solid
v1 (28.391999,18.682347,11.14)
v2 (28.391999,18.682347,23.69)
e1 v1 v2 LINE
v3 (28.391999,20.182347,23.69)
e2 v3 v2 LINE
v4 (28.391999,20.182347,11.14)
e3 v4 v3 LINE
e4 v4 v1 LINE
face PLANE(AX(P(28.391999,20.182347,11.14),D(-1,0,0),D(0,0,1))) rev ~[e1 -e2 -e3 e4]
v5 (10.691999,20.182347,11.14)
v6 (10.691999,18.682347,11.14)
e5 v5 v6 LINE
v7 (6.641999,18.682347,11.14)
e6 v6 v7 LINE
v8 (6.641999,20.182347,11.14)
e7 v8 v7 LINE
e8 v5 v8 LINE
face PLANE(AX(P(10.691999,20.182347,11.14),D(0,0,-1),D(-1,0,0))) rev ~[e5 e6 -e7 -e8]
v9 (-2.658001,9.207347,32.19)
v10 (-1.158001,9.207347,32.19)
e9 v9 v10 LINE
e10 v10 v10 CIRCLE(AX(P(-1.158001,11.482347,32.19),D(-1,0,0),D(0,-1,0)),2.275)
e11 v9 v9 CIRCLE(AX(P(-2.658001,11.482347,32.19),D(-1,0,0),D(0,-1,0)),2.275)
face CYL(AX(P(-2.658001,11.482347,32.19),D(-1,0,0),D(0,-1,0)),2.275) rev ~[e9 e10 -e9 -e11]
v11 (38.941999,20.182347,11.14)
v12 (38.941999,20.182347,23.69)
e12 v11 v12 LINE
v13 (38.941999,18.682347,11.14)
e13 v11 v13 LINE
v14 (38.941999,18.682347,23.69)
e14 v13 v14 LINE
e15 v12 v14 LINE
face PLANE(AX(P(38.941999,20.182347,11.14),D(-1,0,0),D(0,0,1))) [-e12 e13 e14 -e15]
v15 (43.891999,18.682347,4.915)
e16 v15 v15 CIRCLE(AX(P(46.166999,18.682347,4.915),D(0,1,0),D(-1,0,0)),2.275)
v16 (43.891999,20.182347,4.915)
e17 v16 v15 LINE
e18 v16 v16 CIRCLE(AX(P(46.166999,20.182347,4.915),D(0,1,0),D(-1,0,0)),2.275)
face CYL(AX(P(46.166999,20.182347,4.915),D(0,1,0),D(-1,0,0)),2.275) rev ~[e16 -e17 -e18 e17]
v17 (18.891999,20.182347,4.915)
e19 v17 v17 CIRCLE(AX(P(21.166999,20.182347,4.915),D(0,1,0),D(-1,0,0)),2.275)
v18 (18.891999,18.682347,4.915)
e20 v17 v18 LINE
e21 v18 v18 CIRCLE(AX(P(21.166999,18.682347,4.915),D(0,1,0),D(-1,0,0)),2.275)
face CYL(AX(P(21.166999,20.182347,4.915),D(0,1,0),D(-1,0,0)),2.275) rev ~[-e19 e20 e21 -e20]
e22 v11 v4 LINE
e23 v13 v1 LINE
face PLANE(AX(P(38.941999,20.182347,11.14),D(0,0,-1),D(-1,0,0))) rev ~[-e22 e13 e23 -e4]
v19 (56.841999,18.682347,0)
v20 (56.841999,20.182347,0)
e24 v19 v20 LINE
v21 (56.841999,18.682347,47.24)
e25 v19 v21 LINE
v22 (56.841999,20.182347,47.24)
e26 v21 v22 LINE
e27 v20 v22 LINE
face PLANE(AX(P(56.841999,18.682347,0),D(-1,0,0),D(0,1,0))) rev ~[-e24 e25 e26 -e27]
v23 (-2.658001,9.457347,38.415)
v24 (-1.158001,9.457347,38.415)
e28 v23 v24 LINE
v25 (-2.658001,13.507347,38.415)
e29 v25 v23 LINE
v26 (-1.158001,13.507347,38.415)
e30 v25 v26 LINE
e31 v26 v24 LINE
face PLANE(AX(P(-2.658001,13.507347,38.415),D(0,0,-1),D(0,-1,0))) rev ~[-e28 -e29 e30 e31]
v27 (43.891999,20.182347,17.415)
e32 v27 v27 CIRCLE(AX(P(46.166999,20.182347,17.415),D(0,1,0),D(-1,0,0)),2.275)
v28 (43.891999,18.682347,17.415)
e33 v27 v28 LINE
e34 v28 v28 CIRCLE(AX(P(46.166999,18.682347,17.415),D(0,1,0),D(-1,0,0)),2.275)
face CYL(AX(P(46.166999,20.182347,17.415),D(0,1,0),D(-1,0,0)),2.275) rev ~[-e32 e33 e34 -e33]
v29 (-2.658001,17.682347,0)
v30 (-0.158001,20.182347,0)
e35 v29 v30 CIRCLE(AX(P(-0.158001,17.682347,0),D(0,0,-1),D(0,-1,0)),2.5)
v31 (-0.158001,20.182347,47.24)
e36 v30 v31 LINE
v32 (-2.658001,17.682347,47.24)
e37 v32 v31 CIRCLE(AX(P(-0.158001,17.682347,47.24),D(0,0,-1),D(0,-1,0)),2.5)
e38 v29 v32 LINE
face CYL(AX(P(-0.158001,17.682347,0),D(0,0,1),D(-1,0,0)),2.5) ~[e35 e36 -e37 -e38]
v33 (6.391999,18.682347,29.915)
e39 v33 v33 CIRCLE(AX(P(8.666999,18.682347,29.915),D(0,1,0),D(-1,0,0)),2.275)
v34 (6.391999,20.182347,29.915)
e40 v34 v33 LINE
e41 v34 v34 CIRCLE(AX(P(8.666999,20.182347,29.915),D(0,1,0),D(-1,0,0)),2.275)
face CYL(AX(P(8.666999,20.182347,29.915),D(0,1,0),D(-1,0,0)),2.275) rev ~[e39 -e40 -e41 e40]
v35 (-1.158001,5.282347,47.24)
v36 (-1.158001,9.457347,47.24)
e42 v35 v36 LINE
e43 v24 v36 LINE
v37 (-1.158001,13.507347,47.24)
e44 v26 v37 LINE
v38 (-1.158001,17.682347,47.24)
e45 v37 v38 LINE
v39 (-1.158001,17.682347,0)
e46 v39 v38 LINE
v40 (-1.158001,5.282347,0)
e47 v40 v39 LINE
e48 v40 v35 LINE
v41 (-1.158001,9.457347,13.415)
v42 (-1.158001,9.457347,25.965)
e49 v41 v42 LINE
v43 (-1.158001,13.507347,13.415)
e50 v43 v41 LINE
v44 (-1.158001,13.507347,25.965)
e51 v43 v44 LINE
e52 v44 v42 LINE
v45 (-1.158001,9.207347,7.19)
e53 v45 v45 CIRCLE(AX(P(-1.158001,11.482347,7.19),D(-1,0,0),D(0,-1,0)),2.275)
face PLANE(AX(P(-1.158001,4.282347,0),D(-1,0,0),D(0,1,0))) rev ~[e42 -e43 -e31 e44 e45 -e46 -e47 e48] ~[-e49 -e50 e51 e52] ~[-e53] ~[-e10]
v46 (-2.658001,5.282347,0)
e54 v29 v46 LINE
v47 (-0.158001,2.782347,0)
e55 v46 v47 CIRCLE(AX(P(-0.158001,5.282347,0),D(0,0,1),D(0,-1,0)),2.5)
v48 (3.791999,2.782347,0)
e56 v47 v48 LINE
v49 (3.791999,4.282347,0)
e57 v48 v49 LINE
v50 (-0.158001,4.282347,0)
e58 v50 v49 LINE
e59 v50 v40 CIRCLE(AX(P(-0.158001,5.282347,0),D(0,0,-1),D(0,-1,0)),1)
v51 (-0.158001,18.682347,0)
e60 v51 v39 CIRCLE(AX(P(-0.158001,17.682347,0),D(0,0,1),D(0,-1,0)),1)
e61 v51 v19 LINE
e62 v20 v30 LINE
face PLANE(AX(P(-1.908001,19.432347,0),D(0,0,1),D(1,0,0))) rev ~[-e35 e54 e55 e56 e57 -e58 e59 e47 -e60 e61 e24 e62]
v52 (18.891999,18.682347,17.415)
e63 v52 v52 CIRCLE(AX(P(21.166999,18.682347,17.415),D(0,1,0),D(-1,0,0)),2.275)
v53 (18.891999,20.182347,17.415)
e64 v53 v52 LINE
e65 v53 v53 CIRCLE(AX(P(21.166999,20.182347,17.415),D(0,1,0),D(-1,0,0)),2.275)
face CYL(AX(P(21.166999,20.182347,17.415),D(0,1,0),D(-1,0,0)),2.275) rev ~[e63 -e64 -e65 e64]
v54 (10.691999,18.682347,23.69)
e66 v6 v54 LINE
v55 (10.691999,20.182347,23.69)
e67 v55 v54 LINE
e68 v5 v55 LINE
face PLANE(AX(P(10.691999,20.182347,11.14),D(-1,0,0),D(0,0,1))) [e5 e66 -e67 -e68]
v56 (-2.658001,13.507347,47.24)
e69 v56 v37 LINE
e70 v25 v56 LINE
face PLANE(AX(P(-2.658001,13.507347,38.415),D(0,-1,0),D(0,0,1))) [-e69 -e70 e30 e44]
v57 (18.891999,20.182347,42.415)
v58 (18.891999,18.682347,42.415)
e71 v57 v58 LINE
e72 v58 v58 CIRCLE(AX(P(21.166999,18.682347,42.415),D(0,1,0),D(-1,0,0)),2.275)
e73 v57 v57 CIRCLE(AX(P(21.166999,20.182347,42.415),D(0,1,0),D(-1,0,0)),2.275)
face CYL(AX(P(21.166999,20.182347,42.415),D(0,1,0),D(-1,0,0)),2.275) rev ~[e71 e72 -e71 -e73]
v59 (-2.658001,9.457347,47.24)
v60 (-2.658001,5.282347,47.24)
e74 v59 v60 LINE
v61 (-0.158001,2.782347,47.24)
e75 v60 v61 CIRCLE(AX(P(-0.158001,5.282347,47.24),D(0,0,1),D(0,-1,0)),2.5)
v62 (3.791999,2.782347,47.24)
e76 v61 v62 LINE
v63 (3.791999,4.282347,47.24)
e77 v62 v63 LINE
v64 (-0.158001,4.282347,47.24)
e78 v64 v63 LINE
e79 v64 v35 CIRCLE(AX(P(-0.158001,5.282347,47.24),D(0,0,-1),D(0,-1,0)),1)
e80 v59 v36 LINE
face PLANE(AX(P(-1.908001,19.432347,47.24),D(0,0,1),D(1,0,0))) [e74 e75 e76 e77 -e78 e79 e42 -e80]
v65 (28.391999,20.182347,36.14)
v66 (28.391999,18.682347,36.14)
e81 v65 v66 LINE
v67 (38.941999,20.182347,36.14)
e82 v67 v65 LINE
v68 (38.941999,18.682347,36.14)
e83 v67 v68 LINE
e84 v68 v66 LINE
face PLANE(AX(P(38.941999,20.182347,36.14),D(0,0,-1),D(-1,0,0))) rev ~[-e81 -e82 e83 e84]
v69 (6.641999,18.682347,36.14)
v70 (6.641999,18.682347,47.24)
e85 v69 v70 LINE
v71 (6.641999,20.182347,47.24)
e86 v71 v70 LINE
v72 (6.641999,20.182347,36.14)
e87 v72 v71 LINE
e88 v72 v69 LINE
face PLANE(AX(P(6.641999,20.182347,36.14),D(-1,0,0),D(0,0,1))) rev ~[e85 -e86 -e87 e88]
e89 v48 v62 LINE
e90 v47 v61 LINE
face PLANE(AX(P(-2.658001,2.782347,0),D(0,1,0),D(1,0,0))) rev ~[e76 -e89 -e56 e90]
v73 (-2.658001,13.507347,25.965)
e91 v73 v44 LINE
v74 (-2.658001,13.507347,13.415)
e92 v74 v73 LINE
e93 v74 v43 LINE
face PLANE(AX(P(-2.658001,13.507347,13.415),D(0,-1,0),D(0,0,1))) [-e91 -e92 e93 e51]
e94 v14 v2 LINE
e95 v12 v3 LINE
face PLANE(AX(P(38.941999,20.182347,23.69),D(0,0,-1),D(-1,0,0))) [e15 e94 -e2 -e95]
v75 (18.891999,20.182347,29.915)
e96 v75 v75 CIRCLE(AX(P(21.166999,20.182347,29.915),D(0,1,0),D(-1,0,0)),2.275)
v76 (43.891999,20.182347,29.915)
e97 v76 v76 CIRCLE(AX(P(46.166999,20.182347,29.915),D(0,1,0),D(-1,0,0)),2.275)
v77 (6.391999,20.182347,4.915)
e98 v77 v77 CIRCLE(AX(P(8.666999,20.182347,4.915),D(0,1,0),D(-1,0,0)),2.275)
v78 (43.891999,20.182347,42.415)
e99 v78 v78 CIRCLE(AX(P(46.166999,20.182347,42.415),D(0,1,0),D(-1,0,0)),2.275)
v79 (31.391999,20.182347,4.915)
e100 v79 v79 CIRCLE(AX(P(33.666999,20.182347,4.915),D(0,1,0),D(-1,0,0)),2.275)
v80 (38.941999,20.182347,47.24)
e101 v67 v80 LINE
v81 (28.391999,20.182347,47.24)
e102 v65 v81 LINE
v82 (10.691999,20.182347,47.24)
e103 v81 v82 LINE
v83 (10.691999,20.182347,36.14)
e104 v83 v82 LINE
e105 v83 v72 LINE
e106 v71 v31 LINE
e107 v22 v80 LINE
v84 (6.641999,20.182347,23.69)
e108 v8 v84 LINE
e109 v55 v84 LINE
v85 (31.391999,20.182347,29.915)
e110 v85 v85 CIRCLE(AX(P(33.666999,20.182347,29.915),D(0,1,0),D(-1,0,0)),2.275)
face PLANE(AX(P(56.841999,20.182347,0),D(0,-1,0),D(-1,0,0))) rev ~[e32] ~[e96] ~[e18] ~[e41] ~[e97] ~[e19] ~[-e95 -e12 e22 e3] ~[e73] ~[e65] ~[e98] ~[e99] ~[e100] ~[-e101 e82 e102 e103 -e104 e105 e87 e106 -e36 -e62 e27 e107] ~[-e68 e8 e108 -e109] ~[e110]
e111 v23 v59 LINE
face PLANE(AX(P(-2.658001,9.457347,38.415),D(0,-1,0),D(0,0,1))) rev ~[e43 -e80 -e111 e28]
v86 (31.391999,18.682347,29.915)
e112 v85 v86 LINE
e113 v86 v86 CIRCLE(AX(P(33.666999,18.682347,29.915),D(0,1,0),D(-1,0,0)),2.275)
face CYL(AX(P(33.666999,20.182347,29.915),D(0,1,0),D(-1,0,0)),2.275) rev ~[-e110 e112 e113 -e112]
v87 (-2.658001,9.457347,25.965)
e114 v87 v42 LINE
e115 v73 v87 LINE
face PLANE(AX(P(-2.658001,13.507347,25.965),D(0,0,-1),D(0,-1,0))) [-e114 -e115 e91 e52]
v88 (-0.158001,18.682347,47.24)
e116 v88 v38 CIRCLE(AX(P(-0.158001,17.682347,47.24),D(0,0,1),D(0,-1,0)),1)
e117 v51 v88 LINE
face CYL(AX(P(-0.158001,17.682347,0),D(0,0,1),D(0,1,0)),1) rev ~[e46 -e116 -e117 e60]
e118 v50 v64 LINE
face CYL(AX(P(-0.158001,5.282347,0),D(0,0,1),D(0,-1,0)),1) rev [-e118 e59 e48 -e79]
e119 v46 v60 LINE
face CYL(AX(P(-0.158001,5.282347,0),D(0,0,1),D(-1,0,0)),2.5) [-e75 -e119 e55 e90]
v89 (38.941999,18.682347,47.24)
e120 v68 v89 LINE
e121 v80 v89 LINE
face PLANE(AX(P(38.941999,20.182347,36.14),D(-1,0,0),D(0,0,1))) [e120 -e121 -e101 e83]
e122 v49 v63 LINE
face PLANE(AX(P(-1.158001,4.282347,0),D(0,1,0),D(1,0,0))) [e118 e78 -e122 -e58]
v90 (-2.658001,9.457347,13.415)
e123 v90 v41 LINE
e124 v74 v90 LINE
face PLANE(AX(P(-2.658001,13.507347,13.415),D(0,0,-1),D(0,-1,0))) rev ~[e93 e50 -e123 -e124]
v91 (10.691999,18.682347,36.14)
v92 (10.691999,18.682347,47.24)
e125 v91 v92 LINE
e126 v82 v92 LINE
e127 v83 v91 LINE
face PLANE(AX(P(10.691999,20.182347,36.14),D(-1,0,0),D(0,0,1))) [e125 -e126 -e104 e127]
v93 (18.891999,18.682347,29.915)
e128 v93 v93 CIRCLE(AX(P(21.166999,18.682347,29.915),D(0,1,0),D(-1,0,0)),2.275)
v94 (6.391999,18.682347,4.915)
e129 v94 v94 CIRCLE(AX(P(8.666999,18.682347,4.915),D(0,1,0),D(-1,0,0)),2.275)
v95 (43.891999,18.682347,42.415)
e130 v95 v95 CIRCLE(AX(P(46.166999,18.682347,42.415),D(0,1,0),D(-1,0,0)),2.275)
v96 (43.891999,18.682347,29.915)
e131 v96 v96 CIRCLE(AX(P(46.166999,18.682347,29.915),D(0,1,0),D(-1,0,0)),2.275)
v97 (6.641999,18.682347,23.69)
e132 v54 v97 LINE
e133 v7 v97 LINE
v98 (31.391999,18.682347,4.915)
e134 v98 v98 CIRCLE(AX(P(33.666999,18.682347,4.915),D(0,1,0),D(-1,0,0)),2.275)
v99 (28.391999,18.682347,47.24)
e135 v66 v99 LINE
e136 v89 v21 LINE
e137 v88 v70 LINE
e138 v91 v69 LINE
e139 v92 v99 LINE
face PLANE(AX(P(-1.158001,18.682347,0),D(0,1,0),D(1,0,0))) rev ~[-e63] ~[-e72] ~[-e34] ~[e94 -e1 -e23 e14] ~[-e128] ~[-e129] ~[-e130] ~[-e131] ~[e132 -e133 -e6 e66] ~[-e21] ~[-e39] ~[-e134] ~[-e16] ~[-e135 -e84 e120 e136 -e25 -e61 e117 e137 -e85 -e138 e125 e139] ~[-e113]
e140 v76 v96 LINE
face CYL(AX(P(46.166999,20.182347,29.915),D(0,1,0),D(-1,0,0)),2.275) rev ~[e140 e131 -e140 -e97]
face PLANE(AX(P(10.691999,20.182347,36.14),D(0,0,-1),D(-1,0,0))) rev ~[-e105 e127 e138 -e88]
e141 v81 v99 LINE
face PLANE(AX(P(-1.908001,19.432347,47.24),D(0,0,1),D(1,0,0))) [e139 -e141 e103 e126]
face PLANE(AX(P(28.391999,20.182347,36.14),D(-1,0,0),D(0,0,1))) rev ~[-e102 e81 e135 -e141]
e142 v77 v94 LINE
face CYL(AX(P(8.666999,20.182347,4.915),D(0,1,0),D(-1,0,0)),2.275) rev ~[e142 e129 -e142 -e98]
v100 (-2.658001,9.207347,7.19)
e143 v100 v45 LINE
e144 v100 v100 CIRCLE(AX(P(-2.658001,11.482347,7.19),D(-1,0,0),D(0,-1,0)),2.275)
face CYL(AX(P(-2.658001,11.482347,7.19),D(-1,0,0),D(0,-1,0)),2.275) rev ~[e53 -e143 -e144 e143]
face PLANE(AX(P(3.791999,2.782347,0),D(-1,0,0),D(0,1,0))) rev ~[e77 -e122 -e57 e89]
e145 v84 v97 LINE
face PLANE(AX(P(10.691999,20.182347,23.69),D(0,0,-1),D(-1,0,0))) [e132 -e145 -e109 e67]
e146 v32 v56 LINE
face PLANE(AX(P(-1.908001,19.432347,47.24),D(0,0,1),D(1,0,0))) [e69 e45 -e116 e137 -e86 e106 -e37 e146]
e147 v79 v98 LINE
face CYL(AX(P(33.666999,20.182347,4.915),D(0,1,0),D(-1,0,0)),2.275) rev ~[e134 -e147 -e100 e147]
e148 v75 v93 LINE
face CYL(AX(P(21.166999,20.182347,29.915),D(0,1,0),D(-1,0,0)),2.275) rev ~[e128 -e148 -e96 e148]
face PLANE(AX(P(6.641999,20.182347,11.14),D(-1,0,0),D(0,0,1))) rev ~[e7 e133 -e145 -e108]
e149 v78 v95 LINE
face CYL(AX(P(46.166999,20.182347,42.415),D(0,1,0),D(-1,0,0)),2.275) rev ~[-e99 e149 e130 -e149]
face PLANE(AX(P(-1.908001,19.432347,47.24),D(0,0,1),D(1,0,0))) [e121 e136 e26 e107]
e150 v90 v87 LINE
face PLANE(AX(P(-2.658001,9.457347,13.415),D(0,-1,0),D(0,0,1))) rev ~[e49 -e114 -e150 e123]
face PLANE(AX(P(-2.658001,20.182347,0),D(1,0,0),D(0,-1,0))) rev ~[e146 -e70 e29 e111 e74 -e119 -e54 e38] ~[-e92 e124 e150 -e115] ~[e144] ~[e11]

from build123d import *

# Parameters (mm, degrees)
F0_W     = 1.5
F0_H     = 1.5
F0_W_2   = 58
F0_H_2   = 14.4
F0_W_3   = 4.95
F1_DEPTH = 47.24
F2_R     = 2.5
F3_R     = 1
F4_R     = 2.275
F4_W     = 10.55
F4_H     = 12.55
F4_W_2   = 4.05
F5_DEPTH = 17.401
F6_W     = 4.05
F6_H     = 8.825
F6_R     = 2.275
F6_H_2   = 12.55
F7_DEPTH = 25


with BuildPart() as f1:
    # F0 (on Top) → F1 (new body)
    with BuildSketch(Plane.XY):
        with Locations((-1.908001, 19.432347)):
            Rectangle(F0_W, F0_H)
        with Locations((27.841999, 19.432347)):
            Rectangle(F0_W_2, F0_H)
        with Locations((-1.908001, 11.482347)):
            Rectangle(F0_W, F0_H_2)
        with Locations((-1.908001, 3.532347)):
            Rectangle(F0_W, F0_H)
        with Locations((1.316999, 3.532347)):
            Rectangle(F0_W_3, F0_H)
    extrude(amount=F1_DEPTH)

    # F2
    f2_edges = [f1.edges().sort_by_distance(p)[0] for p in [
        (-2.658001, 20.182347, 23.62),
        (-2.658001, 2.782347, 23.62),
    ]]
    fillet(f2_edges, radius=F2_R)

    # F3
    f3_edges = [f1.edges().sort_by_distance(p)[0] for p in [
        (-1.158001, 4.282347, 23.62),
        (-1.158001, 18.682347, 23.62),
    ]]
    fillet(f3_edges, radius=F3_R)

    # F4 (on face) → F5 (cut, through all)
    with BuildSketch(Plane(origin=(0, 20.182347, 0), x_dir=(-1, 0, 0), z_dir=(0, 1, 0))):
        with Locations((-46.166999, 42.415)):
            Circle(F4_R)
        with Locations((-21.166999, 42.415)):
            Circle(F4_R)
        with Locations((-21.166999, 29.915)):
            Circle(F4_R)
        with Locations((-46.166999, 29.915)):
            Circle(F4_R)
        with Locations((-21.166999, 17.415)):
            Circle(F4_R)
        with Locations((-46.166999, 17.415)):
            Circle(F4_R)
        with Locations((-21.166999, 4.915)):
            Circle(F4_R)
        with Locations((-46.166999, 4.915)):
            Circle(F4_R)
        with Locations((-33.666999, 29.915)):
            Circle(F4_R)
        with Locations((-33.666999, 4.915)):
            Circle(F4_R)
        with Locations((-8.666999, 29.915)):
            Circle(F4_R)
        with Locations((-8.666999, 4.915)):
            Circle(F4_R)
        with Locations((-33.666999, 17.415)):
            Rectangle(F4_W, F4_H)
        with Locations((-33.666999, 42.415)):
            Rectangle(F4_W, F4_H)
        with Locations((-8.666999, 17.415)):
            Rectangle(F4_W_2, F4_H)
        with Locations((-8.666999, 42.415)):
            Rectangle(F4_W_2, F4_H)
    extrude(amount=-F5_DEPTH, mode=Mode.SUBTRACT)

    # F6 (on face) → F7 (cut)
    with BuildSketch(Plane(origin=(-2.658001, 0, 0), x_dir=(0, -1, 0), z_dir=(-1, 0, 0))):
        with Locations((-11.482347, 42.8275)):
            Rectangle(F6_W, F6_H)
        with Locations((-11.482347, 32.19)):
            Circle(F6_R)
        with Locations((-11.482347, 19.69)):
            Rectangle(F6_W, F6_H_2)
        with Locations((-11.482347, 7.19)):
            Circle(F6_R)
    extrude(amount=-F7_DEPTH, mode=Mode.SUBTRACT)


solid = f1.part
